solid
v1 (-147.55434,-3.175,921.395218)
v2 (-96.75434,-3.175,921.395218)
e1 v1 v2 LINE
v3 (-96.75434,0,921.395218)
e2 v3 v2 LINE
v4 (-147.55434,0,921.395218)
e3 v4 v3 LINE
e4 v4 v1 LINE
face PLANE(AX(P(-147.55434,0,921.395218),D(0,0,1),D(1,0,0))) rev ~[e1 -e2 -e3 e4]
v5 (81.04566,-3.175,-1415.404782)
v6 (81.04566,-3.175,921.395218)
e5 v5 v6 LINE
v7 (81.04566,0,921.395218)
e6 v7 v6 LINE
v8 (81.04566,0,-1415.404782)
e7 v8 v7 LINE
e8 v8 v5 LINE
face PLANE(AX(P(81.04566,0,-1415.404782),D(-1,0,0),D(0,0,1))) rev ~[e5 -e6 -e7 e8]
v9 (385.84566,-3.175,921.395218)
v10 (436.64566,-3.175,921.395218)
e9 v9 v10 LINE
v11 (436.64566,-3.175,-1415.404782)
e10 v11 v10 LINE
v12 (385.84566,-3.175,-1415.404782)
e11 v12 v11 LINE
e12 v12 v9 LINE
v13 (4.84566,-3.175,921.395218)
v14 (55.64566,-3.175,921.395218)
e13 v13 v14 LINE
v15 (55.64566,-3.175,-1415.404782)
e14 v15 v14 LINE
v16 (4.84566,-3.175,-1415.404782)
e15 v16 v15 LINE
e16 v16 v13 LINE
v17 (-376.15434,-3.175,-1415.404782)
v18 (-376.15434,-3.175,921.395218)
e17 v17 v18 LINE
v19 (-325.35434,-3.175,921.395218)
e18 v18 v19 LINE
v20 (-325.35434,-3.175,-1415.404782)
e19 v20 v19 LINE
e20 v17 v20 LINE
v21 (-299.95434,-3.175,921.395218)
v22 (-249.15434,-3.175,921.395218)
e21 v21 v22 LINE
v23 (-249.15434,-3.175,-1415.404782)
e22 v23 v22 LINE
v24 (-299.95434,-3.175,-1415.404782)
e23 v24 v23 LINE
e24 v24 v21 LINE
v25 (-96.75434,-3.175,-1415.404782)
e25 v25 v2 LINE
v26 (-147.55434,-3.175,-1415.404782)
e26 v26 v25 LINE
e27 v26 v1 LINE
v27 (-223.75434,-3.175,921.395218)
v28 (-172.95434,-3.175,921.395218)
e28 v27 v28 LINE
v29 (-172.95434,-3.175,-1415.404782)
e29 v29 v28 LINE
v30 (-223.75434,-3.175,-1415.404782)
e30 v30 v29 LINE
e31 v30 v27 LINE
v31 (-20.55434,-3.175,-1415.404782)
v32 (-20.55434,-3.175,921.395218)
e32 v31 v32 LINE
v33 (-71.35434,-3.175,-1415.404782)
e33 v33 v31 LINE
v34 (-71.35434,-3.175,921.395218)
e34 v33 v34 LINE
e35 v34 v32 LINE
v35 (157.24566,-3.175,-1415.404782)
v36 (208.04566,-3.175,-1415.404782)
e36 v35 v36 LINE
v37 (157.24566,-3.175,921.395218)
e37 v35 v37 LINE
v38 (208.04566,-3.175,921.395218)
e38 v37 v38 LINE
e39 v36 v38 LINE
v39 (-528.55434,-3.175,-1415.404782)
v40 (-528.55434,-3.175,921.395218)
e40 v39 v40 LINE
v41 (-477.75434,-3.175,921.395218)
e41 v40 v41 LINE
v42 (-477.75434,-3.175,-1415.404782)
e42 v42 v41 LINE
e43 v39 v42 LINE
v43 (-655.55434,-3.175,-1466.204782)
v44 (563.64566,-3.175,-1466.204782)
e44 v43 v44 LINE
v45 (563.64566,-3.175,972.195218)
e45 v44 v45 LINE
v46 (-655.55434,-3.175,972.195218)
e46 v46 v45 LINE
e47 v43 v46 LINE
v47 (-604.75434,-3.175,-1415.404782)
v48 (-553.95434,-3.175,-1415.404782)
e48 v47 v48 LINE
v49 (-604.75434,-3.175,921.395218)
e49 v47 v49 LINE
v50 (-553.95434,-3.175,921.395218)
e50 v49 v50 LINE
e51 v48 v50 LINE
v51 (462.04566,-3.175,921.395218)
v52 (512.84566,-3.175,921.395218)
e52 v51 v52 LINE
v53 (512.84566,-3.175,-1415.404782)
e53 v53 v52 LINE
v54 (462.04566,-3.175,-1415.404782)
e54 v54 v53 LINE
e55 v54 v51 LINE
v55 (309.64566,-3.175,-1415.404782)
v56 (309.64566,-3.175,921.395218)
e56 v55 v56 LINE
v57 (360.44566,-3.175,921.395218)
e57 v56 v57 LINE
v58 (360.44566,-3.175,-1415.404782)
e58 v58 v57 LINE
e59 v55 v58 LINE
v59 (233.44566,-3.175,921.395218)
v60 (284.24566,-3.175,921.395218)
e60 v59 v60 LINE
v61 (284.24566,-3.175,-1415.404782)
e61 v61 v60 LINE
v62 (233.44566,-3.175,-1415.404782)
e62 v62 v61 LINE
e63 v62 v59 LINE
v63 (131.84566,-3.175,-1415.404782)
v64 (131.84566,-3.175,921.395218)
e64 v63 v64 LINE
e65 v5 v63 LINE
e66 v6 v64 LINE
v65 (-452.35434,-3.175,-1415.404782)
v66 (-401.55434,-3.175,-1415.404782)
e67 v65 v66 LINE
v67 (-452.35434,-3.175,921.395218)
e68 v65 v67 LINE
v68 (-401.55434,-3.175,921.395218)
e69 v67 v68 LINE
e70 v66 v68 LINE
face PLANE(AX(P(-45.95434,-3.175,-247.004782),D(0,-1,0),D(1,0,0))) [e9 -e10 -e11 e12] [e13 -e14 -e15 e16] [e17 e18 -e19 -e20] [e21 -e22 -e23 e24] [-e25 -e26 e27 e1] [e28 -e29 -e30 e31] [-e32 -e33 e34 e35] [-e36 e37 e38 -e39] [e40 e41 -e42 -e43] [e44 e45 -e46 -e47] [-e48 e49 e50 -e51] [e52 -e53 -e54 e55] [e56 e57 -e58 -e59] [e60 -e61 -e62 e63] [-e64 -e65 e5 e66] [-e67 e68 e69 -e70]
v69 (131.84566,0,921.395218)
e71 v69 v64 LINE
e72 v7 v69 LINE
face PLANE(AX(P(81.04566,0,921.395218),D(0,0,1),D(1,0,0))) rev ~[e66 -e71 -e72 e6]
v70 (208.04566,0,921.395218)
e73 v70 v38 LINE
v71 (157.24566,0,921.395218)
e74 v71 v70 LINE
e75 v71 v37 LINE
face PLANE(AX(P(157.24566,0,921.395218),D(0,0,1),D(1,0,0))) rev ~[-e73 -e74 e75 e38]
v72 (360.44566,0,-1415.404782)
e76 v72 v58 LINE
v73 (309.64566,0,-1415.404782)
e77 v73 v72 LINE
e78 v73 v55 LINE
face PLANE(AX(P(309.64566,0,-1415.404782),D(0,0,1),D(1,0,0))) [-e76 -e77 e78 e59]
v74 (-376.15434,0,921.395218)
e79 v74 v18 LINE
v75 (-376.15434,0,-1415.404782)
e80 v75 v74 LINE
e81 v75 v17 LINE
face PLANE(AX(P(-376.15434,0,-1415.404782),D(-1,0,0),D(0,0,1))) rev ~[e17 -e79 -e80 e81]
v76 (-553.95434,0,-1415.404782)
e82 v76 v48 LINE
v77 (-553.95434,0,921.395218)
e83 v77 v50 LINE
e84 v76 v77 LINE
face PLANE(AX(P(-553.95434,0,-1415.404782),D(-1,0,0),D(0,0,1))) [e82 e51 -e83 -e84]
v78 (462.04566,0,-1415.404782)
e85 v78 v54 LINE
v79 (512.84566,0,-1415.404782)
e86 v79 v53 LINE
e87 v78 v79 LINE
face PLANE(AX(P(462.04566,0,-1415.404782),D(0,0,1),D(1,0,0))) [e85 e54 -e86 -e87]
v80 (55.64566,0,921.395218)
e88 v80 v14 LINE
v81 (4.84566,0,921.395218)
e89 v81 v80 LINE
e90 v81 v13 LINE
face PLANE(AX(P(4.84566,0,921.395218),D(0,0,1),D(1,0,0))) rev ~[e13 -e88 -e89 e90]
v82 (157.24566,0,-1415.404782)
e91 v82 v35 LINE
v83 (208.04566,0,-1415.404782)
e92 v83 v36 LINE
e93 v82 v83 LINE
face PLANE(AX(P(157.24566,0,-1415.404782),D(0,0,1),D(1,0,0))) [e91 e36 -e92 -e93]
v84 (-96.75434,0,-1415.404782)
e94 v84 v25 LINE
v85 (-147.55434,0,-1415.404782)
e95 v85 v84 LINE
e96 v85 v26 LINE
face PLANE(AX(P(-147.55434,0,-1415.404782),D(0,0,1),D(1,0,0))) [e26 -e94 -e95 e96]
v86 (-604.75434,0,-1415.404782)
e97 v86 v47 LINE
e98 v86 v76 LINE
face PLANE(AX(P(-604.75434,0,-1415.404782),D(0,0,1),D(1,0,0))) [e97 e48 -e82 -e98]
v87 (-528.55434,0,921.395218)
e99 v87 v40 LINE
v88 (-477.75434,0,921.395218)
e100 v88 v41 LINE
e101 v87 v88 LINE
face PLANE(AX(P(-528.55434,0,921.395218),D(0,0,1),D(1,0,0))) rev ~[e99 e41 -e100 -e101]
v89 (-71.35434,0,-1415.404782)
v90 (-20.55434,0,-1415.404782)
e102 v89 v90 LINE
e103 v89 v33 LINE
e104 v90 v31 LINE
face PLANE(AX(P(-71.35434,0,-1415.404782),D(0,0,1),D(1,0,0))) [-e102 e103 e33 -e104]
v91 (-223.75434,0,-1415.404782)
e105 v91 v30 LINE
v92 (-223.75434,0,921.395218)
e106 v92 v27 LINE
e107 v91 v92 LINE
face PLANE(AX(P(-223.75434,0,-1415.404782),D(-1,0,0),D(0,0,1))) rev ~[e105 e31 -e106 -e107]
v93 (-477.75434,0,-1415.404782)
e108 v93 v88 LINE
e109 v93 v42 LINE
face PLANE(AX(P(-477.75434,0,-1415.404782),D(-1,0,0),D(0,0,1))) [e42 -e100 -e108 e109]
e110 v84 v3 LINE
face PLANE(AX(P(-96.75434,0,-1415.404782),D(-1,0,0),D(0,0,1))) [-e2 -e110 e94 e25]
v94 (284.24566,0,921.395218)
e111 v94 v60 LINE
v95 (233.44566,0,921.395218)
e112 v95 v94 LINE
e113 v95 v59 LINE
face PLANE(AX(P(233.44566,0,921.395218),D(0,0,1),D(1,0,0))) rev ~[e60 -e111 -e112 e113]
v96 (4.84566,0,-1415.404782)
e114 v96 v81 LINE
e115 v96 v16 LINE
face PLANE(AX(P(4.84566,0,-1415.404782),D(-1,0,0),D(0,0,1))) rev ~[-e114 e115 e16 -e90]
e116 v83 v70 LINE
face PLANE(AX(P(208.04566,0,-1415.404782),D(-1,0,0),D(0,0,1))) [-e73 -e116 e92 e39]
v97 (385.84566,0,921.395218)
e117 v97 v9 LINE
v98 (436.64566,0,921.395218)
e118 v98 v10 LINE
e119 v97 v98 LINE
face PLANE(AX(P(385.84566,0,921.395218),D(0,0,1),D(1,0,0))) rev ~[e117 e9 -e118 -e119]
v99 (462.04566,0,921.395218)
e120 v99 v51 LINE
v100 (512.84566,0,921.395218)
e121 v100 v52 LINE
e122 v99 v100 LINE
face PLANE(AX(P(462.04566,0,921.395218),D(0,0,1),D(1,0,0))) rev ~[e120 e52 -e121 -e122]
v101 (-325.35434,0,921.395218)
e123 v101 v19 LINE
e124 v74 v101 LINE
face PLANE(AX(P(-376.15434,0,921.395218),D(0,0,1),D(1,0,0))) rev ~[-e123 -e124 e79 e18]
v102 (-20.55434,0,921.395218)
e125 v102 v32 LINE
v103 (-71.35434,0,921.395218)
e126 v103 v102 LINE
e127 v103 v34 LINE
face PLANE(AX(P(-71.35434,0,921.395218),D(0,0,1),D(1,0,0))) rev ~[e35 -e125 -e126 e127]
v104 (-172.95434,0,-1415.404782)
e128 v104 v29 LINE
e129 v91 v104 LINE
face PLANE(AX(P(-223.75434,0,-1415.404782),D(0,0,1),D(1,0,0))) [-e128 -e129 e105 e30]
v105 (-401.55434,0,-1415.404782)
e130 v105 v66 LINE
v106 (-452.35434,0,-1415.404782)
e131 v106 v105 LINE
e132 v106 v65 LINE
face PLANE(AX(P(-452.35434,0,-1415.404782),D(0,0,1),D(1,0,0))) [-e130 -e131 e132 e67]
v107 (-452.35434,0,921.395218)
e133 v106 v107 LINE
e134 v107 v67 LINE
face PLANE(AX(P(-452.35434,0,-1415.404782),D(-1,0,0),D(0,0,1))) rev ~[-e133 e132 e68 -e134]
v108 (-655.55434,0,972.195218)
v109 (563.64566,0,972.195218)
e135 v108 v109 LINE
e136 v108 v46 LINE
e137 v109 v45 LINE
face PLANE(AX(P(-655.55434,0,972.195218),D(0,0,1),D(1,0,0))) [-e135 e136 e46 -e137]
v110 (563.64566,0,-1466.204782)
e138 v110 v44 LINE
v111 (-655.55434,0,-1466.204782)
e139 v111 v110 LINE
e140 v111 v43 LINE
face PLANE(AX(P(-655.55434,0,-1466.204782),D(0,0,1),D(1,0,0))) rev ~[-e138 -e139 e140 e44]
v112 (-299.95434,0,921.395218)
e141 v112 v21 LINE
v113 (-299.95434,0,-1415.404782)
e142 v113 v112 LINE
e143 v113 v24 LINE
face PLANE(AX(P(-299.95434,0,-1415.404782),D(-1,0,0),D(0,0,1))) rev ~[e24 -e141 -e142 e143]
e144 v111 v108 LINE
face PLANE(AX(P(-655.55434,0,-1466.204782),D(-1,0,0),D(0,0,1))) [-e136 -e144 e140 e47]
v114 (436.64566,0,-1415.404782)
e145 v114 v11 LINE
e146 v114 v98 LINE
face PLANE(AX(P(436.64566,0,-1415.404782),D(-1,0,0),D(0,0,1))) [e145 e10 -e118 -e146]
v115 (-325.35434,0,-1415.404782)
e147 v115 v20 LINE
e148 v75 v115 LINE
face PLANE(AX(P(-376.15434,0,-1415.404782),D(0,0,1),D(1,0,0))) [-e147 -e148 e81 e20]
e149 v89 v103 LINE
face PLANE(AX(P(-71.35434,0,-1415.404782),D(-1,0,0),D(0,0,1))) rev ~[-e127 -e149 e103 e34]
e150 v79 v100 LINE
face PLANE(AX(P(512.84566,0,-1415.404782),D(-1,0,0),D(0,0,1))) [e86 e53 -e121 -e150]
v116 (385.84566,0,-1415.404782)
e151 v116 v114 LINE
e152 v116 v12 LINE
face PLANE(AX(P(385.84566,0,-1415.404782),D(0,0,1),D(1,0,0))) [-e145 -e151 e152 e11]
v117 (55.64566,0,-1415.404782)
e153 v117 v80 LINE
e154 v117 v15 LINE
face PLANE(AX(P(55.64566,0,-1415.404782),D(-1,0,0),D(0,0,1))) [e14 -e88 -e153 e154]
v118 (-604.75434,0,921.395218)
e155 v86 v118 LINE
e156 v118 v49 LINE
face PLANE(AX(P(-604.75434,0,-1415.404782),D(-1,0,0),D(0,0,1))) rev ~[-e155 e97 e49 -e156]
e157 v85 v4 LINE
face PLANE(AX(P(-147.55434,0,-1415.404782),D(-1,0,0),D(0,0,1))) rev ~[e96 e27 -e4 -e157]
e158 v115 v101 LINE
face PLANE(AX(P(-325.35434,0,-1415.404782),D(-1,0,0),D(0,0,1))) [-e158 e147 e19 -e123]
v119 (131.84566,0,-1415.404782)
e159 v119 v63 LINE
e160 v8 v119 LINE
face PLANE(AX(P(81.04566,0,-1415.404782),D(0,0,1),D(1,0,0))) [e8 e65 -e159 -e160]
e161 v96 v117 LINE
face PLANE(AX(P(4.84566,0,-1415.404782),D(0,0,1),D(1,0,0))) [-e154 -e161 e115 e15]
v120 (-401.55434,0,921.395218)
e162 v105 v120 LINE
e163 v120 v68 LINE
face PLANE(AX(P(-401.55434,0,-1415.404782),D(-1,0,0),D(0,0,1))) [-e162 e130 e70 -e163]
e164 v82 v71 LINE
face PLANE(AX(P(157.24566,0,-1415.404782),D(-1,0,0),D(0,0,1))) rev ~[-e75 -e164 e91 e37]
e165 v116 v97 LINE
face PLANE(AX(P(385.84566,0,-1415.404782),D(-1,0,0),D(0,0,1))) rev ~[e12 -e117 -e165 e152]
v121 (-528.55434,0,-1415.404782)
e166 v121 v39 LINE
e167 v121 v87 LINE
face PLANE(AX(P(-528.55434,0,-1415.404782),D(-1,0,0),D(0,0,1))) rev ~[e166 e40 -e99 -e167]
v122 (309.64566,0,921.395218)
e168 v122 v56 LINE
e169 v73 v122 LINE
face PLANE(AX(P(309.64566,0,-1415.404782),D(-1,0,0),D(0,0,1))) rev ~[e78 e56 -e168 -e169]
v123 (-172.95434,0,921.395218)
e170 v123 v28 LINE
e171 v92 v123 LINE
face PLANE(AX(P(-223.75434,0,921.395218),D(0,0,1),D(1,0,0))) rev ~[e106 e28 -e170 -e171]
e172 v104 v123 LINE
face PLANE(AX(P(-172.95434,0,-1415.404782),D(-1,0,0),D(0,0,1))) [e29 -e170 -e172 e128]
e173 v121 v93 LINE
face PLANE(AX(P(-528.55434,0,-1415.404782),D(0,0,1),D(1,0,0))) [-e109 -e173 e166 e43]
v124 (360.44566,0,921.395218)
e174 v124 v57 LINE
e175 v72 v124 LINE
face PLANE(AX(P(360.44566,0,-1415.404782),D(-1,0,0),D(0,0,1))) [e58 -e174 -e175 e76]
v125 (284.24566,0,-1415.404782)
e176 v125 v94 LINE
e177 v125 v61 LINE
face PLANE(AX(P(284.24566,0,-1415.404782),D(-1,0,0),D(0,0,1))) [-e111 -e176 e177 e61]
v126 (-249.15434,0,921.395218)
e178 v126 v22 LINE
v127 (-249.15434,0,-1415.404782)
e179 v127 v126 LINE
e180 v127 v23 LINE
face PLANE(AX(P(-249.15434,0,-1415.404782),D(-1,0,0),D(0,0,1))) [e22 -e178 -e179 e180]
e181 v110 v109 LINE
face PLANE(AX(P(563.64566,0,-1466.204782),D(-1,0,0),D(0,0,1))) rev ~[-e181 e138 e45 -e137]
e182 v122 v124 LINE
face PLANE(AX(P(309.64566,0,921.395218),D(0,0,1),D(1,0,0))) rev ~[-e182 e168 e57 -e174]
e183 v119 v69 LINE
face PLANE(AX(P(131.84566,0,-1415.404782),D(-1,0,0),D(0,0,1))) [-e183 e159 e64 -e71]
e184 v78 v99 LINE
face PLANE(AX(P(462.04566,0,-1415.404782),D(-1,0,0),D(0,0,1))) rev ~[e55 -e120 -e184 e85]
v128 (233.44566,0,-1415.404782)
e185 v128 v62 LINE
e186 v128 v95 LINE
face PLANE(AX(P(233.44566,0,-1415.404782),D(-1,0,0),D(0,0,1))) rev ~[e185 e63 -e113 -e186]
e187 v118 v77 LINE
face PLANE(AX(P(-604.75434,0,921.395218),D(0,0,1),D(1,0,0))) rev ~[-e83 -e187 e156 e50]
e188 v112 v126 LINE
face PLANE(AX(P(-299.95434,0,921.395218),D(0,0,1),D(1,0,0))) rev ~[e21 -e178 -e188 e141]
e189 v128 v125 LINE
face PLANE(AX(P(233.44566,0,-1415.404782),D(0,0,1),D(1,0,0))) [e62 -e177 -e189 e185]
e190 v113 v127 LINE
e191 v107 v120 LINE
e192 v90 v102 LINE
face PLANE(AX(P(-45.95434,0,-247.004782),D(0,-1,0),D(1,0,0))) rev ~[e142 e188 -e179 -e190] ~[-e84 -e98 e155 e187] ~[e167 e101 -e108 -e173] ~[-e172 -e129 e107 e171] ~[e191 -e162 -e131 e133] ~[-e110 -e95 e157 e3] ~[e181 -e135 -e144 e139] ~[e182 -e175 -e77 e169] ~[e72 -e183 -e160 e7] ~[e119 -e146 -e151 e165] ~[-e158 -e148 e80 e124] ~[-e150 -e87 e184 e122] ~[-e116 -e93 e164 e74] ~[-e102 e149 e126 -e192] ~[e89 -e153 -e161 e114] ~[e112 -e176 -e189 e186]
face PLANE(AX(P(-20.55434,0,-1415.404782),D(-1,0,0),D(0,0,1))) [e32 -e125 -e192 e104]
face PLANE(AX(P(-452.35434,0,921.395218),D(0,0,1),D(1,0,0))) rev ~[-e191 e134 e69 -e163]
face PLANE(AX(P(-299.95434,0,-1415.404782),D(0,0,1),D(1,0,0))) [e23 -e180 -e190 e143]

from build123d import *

# Parameters (mm, degrees)
F0_W     = 1219.2
F0_H     = 2438.4
F0_W_2   = 50.8
F0_H_2   = 2336.8
F1_DEPTH = 3.175


with BuildPart() as f1:
    # F0 (on Front) → F1 (new body)
    with BuildSketch(Plane.XZ):
        with Locations((-45.95434, -247.004782)):
            Rectangle(F0_W, F0_H)
        with Locations((-579.35434, -247.004782)):
            Rectangle(F0_W_2, F0_H_2, mode=Mode.SUBTRACT)
        with Locations((-503.15434, -247.004782)):
            Rectangle(F0_W_2, F0_H_2, mode=Mode.SUBTRACT)
        with Locations((-426.95434, -247.004782)):
            Rectangle(F0_W_2, F0_H_2, mode=Mode.SUBTRACT)
        with Locations((-350.75434, -247.004782)):
            Rectangle(F0_W_2, F0_H_2, mode=Mode.SUBTRACT)
        with Locations((-274.55434, -247.004782)):
            Rectangle(F0_W_2, F0_H_2, mode=Mode.SUBTRACT)
        with Locations((-198.35434, -247.004782)):
            Rectangle(F0_W_2, F0_H_2, mode=Mode.SUBTRACT)
        with Locations((-122.15434, -247.004782)):
            Rectangle(F0_W_2, F0_H_2, mode=Mode.SUBTRACT)
        with Locations((-45.95434, -247.004782)):
            Rectangle(F0_W_2, F0_H_2, mode=Mode.SUBTRACT)
        with Locations((30.24566, -247.004782)):
            Rectangle(F0_W_2, F0_H_2, mode=Mode.SUBTRACT)
        with Locations((106.44566, -247.004782)):
            Rectangle(F0_W_2, F0_H_2, mode=Mode.SUBTRACT)
        with Locations((182.64566, -247.004782)):
            Rectangle(F0_W_2, F0_H_2, mode=Mode.SUBTRACT)
        with Locations((258.84566, -247.004782)):
            Rectangle(F0_W_2, F0_H_2, mode=Mode.SUBTRACT)
        with Locations((335.04566, -247.004782)):
            Rectangle(F0_W_2, F0_H_2, mode=Mode.SUBTRACT)
        with Locations((411.24566, -247.004782)):
            Rectangle(F0_W_2, F0_H_2, mode=Mode.SUBTRACT)
        with Locations((487.44566, -247.004782)):
            Rectangle(F0_W_2, F0_H_2, mode=Mode.SUBTRACT)
    extrude(amount=F1_DEPTH)


solid = f1.part
